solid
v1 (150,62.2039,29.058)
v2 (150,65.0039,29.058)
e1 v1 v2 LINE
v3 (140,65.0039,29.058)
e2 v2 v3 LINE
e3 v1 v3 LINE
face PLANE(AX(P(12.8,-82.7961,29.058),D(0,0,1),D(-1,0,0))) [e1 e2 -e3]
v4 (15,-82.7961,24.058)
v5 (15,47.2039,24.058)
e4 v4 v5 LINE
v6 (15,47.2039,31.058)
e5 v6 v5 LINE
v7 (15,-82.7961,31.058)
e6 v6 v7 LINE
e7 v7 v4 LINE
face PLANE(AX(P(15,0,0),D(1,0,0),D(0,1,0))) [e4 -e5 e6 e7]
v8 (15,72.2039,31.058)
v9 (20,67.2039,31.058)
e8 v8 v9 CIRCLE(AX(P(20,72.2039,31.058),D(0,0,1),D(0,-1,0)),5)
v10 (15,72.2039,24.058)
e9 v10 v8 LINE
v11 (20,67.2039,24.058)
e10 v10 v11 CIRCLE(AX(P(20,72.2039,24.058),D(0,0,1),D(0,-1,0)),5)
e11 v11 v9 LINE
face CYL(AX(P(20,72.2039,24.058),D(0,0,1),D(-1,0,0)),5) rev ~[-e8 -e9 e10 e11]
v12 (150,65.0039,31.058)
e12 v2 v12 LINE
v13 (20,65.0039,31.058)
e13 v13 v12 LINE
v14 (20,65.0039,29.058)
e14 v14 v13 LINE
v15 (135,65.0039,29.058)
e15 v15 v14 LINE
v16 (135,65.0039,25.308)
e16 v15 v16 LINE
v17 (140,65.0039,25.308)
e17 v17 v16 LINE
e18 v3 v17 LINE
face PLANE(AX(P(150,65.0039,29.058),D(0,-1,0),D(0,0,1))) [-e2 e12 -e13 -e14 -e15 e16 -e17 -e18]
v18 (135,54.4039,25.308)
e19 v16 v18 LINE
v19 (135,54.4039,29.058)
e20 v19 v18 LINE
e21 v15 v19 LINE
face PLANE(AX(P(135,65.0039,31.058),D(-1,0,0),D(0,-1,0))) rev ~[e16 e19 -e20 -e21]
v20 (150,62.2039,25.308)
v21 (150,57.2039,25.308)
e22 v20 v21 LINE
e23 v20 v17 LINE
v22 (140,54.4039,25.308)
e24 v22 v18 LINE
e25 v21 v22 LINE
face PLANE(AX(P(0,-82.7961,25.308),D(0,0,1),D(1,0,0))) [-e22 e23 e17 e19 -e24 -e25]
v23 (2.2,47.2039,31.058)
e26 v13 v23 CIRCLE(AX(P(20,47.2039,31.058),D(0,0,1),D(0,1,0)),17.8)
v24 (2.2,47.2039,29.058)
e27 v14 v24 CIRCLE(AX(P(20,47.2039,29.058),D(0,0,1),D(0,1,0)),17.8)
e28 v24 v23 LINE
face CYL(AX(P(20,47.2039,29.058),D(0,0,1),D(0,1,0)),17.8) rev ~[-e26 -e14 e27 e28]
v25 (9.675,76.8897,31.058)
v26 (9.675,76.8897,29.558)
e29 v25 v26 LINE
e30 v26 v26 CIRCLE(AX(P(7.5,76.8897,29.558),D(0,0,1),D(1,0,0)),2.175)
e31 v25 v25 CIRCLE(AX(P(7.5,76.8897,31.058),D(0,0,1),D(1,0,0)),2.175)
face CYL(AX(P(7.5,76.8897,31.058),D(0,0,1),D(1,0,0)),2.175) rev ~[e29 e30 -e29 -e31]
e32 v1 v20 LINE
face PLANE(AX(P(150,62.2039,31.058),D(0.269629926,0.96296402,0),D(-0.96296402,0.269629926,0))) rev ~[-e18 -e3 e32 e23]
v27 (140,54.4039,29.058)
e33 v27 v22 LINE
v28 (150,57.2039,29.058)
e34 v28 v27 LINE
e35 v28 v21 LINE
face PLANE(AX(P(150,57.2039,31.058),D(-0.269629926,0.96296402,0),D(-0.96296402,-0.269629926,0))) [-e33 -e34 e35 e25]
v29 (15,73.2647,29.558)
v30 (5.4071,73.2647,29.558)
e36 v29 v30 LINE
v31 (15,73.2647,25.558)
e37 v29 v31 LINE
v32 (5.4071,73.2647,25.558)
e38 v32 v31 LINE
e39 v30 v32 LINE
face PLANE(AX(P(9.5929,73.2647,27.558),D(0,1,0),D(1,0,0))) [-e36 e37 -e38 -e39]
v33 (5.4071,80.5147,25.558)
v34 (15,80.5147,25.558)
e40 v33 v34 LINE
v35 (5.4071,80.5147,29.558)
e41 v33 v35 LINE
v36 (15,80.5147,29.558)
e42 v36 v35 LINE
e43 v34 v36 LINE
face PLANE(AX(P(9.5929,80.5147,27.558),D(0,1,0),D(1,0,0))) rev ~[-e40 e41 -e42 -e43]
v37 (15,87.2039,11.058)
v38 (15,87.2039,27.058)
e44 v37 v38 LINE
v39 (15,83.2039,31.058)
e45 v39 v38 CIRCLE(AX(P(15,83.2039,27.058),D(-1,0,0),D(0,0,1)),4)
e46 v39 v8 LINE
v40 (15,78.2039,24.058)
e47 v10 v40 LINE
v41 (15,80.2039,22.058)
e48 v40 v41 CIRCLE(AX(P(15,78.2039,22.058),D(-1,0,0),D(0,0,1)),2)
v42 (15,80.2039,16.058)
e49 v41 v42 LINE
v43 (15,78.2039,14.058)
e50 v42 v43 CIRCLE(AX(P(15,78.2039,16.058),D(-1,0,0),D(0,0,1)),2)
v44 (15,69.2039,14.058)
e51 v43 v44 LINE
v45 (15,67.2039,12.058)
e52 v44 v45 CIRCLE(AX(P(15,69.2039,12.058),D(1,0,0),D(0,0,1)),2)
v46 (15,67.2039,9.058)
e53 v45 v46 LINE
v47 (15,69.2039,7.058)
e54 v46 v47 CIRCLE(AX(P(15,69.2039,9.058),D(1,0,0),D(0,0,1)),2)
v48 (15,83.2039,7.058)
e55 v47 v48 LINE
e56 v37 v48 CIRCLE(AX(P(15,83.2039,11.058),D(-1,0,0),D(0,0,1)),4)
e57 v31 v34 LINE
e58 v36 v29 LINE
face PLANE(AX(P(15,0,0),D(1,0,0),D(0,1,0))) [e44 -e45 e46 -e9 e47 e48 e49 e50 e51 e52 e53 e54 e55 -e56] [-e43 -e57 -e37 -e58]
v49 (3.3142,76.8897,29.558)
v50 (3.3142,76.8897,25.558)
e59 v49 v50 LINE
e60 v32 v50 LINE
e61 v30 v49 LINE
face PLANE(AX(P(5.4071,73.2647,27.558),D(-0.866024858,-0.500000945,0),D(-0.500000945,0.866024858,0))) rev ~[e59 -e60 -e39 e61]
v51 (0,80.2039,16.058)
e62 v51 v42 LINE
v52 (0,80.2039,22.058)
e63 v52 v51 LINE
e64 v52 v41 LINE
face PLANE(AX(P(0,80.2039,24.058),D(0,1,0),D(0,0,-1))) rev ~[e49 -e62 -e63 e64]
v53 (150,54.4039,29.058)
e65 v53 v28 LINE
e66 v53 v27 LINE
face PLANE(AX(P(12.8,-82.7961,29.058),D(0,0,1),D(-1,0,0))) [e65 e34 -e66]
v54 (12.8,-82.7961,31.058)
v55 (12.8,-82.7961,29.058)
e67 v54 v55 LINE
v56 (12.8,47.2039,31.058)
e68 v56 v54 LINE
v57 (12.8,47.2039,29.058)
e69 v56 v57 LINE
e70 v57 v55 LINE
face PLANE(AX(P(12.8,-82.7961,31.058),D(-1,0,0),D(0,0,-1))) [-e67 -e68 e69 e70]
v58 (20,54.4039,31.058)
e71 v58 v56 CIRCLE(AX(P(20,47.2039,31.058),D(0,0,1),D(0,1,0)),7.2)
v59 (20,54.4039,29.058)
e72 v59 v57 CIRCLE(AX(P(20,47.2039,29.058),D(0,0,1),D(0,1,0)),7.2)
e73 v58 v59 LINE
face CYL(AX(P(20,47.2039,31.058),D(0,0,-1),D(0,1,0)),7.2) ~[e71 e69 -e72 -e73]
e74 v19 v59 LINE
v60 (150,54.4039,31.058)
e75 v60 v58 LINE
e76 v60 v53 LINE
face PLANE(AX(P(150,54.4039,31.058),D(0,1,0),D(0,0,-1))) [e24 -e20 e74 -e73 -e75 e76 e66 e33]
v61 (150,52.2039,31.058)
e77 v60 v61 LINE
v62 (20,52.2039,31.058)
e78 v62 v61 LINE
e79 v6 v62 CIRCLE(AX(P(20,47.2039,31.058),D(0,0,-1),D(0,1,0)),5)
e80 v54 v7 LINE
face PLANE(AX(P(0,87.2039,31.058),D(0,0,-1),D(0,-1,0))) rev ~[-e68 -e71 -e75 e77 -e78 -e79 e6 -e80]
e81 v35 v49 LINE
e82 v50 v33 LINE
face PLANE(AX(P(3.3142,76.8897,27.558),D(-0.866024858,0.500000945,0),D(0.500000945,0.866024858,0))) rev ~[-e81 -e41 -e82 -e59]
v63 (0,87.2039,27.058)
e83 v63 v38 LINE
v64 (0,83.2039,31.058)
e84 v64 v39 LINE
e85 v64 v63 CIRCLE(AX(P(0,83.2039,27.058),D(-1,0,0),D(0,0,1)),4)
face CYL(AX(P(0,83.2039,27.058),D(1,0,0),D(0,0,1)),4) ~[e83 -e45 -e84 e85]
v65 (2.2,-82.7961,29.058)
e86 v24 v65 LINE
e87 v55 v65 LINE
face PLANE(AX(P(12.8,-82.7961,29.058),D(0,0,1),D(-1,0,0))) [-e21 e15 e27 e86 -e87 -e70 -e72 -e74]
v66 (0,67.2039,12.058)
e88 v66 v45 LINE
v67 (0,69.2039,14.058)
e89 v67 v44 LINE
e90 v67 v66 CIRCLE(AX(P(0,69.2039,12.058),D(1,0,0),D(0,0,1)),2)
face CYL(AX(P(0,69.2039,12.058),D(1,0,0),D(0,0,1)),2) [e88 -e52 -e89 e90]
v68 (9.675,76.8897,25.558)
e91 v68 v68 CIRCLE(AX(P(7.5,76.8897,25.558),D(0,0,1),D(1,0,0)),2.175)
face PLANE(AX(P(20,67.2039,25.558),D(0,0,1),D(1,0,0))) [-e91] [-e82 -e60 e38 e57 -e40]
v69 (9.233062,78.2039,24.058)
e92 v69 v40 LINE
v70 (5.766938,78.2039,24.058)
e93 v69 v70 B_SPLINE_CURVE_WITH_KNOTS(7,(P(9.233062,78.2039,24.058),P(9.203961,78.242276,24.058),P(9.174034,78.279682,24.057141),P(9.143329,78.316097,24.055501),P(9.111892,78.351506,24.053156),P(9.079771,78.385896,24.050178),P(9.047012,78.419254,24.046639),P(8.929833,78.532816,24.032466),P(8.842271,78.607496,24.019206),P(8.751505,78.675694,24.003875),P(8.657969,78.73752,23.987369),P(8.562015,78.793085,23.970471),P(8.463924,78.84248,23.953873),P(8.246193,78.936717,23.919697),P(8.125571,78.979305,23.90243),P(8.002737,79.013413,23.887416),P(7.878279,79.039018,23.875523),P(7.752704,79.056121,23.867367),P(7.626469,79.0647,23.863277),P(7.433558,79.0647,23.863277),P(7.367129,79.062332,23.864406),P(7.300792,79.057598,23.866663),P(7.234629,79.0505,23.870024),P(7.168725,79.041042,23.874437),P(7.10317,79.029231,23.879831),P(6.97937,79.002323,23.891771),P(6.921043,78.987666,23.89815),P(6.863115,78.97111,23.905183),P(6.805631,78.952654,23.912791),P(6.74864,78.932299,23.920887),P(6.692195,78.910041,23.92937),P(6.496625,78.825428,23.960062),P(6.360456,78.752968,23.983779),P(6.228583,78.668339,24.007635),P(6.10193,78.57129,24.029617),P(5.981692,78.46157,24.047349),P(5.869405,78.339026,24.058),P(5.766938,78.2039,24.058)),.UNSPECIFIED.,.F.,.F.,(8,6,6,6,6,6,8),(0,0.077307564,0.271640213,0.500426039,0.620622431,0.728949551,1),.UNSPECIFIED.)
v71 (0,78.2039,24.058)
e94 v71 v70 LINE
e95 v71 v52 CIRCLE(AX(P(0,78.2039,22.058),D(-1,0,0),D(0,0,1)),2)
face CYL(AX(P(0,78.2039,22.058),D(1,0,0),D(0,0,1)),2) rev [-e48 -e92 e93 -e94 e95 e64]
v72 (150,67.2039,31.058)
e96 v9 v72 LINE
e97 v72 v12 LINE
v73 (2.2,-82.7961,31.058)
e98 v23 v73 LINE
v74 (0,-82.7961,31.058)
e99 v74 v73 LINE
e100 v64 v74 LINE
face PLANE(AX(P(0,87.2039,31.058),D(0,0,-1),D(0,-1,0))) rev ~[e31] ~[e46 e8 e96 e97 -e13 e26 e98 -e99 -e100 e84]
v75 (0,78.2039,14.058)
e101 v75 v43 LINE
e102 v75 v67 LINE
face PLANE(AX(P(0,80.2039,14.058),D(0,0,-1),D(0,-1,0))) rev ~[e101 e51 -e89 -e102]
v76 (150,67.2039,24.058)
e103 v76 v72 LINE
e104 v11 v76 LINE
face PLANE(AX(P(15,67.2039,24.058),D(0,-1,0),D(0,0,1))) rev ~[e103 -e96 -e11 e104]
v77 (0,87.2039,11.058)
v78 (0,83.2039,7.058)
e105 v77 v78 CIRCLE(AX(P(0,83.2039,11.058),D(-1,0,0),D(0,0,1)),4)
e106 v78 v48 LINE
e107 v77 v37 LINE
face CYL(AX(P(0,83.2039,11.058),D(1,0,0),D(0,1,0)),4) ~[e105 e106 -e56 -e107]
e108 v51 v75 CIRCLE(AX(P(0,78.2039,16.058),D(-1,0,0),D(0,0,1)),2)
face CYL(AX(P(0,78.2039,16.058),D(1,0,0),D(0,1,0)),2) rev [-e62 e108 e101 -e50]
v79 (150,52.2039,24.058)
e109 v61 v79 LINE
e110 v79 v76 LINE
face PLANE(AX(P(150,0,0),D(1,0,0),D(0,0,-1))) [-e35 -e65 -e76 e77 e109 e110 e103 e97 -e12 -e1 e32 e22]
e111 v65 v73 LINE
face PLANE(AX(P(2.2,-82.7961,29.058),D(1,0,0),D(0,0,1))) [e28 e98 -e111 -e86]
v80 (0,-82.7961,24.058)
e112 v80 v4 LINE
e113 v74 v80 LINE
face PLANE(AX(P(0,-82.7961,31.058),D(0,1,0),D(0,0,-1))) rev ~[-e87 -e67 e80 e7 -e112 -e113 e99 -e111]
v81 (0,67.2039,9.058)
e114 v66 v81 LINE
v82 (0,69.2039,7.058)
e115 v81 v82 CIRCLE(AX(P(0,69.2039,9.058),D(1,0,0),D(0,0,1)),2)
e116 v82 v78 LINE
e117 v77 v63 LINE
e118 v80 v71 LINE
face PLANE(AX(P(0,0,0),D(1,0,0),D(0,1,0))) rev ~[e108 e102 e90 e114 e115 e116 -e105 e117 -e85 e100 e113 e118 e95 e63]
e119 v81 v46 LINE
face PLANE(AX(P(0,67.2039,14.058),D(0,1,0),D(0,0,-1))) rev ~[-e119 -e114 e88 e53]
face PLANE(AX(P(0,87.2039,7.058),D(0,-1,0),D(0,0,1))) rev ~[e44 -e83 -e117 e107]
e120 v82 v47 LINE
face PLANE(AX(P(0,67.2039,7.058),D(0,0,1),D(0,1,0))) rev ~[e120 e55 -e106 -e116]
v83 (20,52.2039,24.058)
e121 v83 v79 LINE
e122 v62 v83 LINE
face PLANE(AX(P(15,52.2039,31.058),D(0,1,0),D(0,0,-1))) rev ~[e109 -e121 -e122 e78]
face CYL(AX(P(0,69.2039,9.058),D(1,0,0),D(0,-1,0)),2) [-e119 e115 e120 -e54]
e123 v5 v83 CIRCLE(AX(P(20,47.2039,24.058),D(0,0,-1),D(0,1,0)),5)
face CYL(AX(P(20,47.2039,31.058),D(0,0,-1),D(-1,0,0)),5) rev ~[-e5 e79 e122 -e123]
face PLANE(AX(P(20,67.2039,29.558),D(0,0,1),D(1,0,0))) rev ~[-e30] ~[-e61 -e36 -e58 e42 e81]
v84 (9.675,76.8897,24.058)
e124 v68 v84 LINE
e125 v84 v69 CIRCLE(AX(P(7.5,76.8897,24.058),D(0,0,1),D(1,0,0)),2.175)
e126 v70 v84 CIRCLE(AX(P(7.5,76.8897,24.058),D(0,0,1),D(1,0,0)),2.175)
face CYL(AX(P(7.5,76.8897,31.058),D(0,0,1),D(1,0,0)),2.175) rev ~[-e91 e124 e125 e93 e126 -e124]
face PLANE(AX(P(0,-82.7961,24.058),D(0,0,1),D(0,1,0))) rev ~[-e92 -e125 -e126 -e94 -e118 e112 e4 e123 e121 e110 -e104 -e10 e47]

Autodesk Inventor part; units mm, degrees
ref_plane "YZ Plane" through (0, 0, 0) normal (1, 0, 0) x (0, 1, 0)
ref_plane "XZ Plane" through (0, 0, 0) normal (0, 1, 0) x (-1, 0, 0)
ref_plane "XY Plane" through (0, 0, 0) normal (0, 0, 1) x (1, 0, 0)
sketch "Sketch1" plane through (0, 0, 0) normal (1, 0, 0) x (0, 1, 0)
  line L0 (67.2039, 7.058) -> (87.2039, 7.058)
  line L1 (87.2039, 7.058) -> (87.2039, 31.058)
  line L2 (87.2039, 31.058) -> (-82.7961, 31.058)
  line L3 (-82.7961, 31.058) -> (-82.7961, 24.058)
  line L4 (-82.7961, 24.058) -> (80.2039, 24.058)
  line L5 (80.2039, 24.058) -> (80.2039, 14.058)
  line L6 (80.2039, 14.058) -> (67.2039, 14.058)
  line L7 (67.2039, 14.058) -> (67.2039, 7.058)
  dimension "d0" = 10
  dimension "d1" = 13
  dimension "d2" = 7
  dimension "d3" = 7
  dimension "d5" = 7
  dimension "d6" = 170
extrude "Extrusion1" add sketch "Sketch1" along normal blind 15
sketch "Sketch2" plane through (15, 0, 0) normal (1, 0, 0) x (0, 0, -1)
  line L0 (-7.058, 67.2039) -> (-7.058, 87.2039) projected
  line L1 (-7.058, 87.2039) -> (-31.058, 87.2039) projected
  line L2 (-31.058, 87.2039) -> (-31.058, -82.7961) projected
  line L3 (-31.058, -82.7961) -> (-24.058, -82.7961) projected
  line L4 (-24.058, -82.7961) -> (-24.058, 80.2039) projected
  line L5 (-24.058, 80.2039) -> (-14.058, 80.2039) projected
  line L6 (-14.058, 80.2039) -> (-14.058, 67.2039) projected
  line L7 (-14.058, 67.2039) -> (-7.058, 67.2039) projected
  line L8 (-31.058, 52.2039) -> (-24.058, 52.2039)
  line L9 (-24.058, 80.2039) -> (-24.058, -82.7961) projected
  line L10 (-24.058, 67.2039) -> (-31.058, 67.2039)
  point P0 (0, 0)
  dimension "d9" = 15
  dimension "d10" = 20
extrude "Extrusion2" add sketch "Sketch2" along normal blind 135 contours L10 L4 L8 L2
fillet "Fillet1" radius 5 2 edges at (15, 67.2039, 27.558) (15, 52.2039, 27.558)
ref_plane "Work Plane1" through (0, 67.2039, 10.558) normal (0, 0, 1) x (1, 0, 0)
sketch "Sketch6" plane through (150, 0, 0) normal (1, 0, 0) x (0, 0, -1)
  line L0 (-31.058, 52.2039) -> (-24.058, 52.2039) projected
  line L1 (-24.058, 52.2039) -> (-24.058, 67.2039) projected
  line L2 (-24.058, 67.2039) -> (-31.058, 67.2039) projected
  line L3 (-31.058, 67.2039) -> (-31.058, 52.2039) projected
  line L4 (-31.058, 54.4039) -> (-29.058, 54.4039)
  line L5 (-29.058, 54.4039) -> (-29.058, 65.0039)
  line L6 (-29.058, 65.0039) -> (-31.058, 65.0039)
  line L7 (-31.058, 67.2039) -> (-31.058, 52.2039) construction
  line L8 (-31.058, 59.7039) -> (-29.058, 59.7039) construction
  point P0 (0, 0)
  dimension "d23" = 10.6
  dimension "d24" = 2
sketch "Sketch7" plane through (0, -82.7961, 31.058) normal (0, 0, 1) x (1, 0, 0)
  line L0 (0, 0) -> (0, 170) projected
  line L1 (0, 0) -> (15, 0) projected
  line L2 (15, 130) -> (15, 0) projected
  arc A0 (20, 135) -> (15, 130) centre (20, 130) ccw projected
  line L3 (20, 135) -> (150, 135) projected
  line L4 (150, 150) -> (150, 135) projected
  line L5 (20, 150) -> (150, 150) projected
  arc A1 (15, 155) -> (20, 150) centre (20, 155) ccw projected
  line L6 (15, 170) -> (15, 155) projected
  line L7 (0, 170) -> (15, 170) projected
  arc A2 (20, 142.5) -> (7.5, 130) centre (20, 130) ccw
  line L8 (150, 135) -> (150, 150) projected
  line L9 (150, 142.5) -> (20, 142.5)
  line L10 (0, 0) -> (15, 0) projected
  line L11 (7.5, 0) -> (7.5, 130)
  point P0 (0, 82.7961)
  dimension "d25" = 7.5
sweep "Sweep1" cut profiles "Sketch6" path "Sketch7" path curves L9 A2 L11 contours L3 L6 L5 L4
sketch "Sketch8" plane through (0, -82.7961, 31.058) normal (0, 0, 1) x (1, 0, 0)
  line L0 (150, 147.8) -> (150, 137.2) projected
  line L1 (150, 147.8) -> (20, 147.8) projected
  arc A0 (20, 147.8) -> (2.2, 130) centre (20, 130) ccw projected
  line L2 (2.2, 130) -> (2.2, 0) projected
  line L3 (12.8, 0) -> (2.2, 0) projected
  line L4 (12.8, 130) -> (12.8, 0) projected
  arc A1 (20, 137.2) -> (12.8, 130) centre (20, 130) ccw projected
  line L5 (150, 137.2) -> (20, 137.2) projected
  line L6 (2.2, 0) -> (2.2, 130) projected
  arc A2 (20, 147.8) -> (2.2, 130) centre (20, 130) ccw projected
  line L7 (20, 147.8) -> (150, 147.8) projected
  line L8 (150, 150) -> (150, 147.8) projected
  line L9 (20, 150) -> (150, 150) projected
  arc A3 (15, 155) -> (20, 150) centre (20, 155) ccw projected
  line L10 (15, 170) -> (15, 155) projected
  line L11 (0, 170) -> (15, 170) projected
  line L12 (0, 0) -> (0, 170) projected
  line L13 (0, 0) -> (2.2, 0) projected
  line L14 (12.8, 130) -> (12.8, 0) projected
  line L15 (12.8, 0) -> (15, 0) projected
  line L16 (15, 130) -> (15, 0) projected
  arc A4 (20, 135) -> (15, 130) centre (20, 130) ccw projected
  line L17 (20, 135) -> (150, 135) projected
  line L18 (150, 137.2) -> (150, 135) projected
  line L19 (150, 137.2) -> (20, 137.2) projected
  arc A5 (20, 137.2) -> (12.8, 130) centre (20, 130) ccw projected
  line L20 (150, 135) -> (150, 150) projected
  line L21 (150, 142.5) -> (135.884, 142.5) construction
  line L22 (150, 145) -> (140, 147.8)
  line L23 (150, 147.8) -> (20, 147.8) construction
  line L24 (140, 147.8) -> (135, 147.8)
  line L25 (135, 147.8) -> (135, 137.2)
  line L26 (150, 137.2) -> (20, 137.2) projected
  line L27 (135, 137.2) -> (140, 137.2)
  line L28 (150, 140) -> (140, 137.2)
  line L29 (150, 140) -> (150, 145) construction
  line L30 (150, 145) -> (150, 140)
  point P0 (0, 82.7961)
  dimension "d29" = 5
  dimension "d30" = 5
  dimension "d31" = 15
  dimension "d32" = 5
extrude "Extrusion5" cut sketch "Sketch8" against normal blind 5.75 contours L0 L28 L5 L25 L1 L22
fillet "Fillet2" radius 4 2 edges at (7.5, 87.2039, 31.058) (7.5, 87.2039, 7.058)
fillet "Fillet3" radius 2 2 edges at (7.5, 80.2039, 24.058) (7.5, 80.2039, 14.058)
fillet "Fillet4" radius 2 2 edges at (7.5, 67.2039, 7.058) (7.5, 67.2039, 14.058)
sketch "Sketch9" plane through (20, 67.2039, 31.058) normal (0, 0, 1) x (1, 0, 0)
  line L0 (-20, 16) -> (-5, 16) projected
  line L1 (-5, 16) -> (-5, 5) projected
  circle A0 centre (-12.5, 9.6858) radius 2.175
  line L2 (-12.5, 16) -> (-12.5, 9.6858) construction
  line L3 (-5, 9.6858) -> (-12.5, 9.6858) construction
  point P0 (-20, -67.2039)
  dimension "d38" = 4.35
  dimension "d39" = 6.3142
extrude "Extrusion6" cut sketch "Sketch9" against normal blind 10
ref_plane "Work Plane2" through (20, 67.2039, 27.558) normal (0, 0, 1) x (1, 0, 0)
sketch "Sketch10" plane through (20, 67.2039, 27.558) normal (0, 0, 1) x (1, 0, 0)
  line L0 (-14.2331, 11) -> (-20, 11) projected
  line L1 (-20, 11) -> (-20, 13) projected
  line L2 (-20, 13) -> (-5, 13) projected
  line L3 (-5, 13) -> (-5, 11) projected
  line L4 (-5, 11) -> (-10.7669, 11) projected
  arc A0 (-14.2331, 11) -> (-10.7669, 11) centre (-12.5, 9.6858) ccw projected
  line L5 (-5, 11) -> (-10.7669, 11) projected
  line L6 (-5, 5) -> (-5, 11) projected
  arc A1 (-5, 5) -> (0, 0) centre (0, 5) ccw projected
  line L7 (0, 0) -> (130, 0) projected
  line L8 (130, -15) -> (130, 0) projected
  line L9 (130, -15) -> (0, -15) projected
  arc A2 (0, -15) -> (-5, -20) centre (0, -20) ccw projected
  line L10 (-5, -150) -> (-5, -20) projected
  line L11 (-20, -150) -> (-5, -150) projected
  line L12 (-20, 11) -> (-20, -150) projected
  line L13 (-14.2331, 11) -> (-20, 11) projected
  line L14 (-10.4071, 6.0608) -> (-14.5929, 6.0608)
  line L15 (-14.5929, 6.0608) -> (-16.6858, 9.6858)
  line L16 (-16.6858, 9.6858) -> (-14.5929, 13.3108)
  line L17 (-14.5929, 13.3108) -> (-10.4071, 13.3108)
  line L18 (-8.3142, 9.6858) -> (-12.5, 9.6858) construction
  line L19 (-10.4071, 13.3108) -> (-5, 13.3108)
  line L20 (-5, 2) -> (-5, 16) projected
  line L21 (-10.4071, 6.0608) -> (-5, 6.0608)
  line L22 (-5, 6.0608) -> (-5, 13.3108)
  line L23 (-10.4071, 13.3108) -> (-10.372, 13)
  point P0 (-20, -67.2039)
  dimension "d42" = 7.25
extrude "Extrusion7" cut sketch "Sketch10" along normal mid plane 4 contours A0 L4 L6 L21 L14 L15 L16 L0 | L0 L16 L2 L3 L4 A0 | L16 L17 L23 L2 | L23 L19 L20 L2
equation "\"d3\" = d2"
equation "\"d5\" = d2"
equation "\"d30\" = d29"
properties part number "Top Clip"
